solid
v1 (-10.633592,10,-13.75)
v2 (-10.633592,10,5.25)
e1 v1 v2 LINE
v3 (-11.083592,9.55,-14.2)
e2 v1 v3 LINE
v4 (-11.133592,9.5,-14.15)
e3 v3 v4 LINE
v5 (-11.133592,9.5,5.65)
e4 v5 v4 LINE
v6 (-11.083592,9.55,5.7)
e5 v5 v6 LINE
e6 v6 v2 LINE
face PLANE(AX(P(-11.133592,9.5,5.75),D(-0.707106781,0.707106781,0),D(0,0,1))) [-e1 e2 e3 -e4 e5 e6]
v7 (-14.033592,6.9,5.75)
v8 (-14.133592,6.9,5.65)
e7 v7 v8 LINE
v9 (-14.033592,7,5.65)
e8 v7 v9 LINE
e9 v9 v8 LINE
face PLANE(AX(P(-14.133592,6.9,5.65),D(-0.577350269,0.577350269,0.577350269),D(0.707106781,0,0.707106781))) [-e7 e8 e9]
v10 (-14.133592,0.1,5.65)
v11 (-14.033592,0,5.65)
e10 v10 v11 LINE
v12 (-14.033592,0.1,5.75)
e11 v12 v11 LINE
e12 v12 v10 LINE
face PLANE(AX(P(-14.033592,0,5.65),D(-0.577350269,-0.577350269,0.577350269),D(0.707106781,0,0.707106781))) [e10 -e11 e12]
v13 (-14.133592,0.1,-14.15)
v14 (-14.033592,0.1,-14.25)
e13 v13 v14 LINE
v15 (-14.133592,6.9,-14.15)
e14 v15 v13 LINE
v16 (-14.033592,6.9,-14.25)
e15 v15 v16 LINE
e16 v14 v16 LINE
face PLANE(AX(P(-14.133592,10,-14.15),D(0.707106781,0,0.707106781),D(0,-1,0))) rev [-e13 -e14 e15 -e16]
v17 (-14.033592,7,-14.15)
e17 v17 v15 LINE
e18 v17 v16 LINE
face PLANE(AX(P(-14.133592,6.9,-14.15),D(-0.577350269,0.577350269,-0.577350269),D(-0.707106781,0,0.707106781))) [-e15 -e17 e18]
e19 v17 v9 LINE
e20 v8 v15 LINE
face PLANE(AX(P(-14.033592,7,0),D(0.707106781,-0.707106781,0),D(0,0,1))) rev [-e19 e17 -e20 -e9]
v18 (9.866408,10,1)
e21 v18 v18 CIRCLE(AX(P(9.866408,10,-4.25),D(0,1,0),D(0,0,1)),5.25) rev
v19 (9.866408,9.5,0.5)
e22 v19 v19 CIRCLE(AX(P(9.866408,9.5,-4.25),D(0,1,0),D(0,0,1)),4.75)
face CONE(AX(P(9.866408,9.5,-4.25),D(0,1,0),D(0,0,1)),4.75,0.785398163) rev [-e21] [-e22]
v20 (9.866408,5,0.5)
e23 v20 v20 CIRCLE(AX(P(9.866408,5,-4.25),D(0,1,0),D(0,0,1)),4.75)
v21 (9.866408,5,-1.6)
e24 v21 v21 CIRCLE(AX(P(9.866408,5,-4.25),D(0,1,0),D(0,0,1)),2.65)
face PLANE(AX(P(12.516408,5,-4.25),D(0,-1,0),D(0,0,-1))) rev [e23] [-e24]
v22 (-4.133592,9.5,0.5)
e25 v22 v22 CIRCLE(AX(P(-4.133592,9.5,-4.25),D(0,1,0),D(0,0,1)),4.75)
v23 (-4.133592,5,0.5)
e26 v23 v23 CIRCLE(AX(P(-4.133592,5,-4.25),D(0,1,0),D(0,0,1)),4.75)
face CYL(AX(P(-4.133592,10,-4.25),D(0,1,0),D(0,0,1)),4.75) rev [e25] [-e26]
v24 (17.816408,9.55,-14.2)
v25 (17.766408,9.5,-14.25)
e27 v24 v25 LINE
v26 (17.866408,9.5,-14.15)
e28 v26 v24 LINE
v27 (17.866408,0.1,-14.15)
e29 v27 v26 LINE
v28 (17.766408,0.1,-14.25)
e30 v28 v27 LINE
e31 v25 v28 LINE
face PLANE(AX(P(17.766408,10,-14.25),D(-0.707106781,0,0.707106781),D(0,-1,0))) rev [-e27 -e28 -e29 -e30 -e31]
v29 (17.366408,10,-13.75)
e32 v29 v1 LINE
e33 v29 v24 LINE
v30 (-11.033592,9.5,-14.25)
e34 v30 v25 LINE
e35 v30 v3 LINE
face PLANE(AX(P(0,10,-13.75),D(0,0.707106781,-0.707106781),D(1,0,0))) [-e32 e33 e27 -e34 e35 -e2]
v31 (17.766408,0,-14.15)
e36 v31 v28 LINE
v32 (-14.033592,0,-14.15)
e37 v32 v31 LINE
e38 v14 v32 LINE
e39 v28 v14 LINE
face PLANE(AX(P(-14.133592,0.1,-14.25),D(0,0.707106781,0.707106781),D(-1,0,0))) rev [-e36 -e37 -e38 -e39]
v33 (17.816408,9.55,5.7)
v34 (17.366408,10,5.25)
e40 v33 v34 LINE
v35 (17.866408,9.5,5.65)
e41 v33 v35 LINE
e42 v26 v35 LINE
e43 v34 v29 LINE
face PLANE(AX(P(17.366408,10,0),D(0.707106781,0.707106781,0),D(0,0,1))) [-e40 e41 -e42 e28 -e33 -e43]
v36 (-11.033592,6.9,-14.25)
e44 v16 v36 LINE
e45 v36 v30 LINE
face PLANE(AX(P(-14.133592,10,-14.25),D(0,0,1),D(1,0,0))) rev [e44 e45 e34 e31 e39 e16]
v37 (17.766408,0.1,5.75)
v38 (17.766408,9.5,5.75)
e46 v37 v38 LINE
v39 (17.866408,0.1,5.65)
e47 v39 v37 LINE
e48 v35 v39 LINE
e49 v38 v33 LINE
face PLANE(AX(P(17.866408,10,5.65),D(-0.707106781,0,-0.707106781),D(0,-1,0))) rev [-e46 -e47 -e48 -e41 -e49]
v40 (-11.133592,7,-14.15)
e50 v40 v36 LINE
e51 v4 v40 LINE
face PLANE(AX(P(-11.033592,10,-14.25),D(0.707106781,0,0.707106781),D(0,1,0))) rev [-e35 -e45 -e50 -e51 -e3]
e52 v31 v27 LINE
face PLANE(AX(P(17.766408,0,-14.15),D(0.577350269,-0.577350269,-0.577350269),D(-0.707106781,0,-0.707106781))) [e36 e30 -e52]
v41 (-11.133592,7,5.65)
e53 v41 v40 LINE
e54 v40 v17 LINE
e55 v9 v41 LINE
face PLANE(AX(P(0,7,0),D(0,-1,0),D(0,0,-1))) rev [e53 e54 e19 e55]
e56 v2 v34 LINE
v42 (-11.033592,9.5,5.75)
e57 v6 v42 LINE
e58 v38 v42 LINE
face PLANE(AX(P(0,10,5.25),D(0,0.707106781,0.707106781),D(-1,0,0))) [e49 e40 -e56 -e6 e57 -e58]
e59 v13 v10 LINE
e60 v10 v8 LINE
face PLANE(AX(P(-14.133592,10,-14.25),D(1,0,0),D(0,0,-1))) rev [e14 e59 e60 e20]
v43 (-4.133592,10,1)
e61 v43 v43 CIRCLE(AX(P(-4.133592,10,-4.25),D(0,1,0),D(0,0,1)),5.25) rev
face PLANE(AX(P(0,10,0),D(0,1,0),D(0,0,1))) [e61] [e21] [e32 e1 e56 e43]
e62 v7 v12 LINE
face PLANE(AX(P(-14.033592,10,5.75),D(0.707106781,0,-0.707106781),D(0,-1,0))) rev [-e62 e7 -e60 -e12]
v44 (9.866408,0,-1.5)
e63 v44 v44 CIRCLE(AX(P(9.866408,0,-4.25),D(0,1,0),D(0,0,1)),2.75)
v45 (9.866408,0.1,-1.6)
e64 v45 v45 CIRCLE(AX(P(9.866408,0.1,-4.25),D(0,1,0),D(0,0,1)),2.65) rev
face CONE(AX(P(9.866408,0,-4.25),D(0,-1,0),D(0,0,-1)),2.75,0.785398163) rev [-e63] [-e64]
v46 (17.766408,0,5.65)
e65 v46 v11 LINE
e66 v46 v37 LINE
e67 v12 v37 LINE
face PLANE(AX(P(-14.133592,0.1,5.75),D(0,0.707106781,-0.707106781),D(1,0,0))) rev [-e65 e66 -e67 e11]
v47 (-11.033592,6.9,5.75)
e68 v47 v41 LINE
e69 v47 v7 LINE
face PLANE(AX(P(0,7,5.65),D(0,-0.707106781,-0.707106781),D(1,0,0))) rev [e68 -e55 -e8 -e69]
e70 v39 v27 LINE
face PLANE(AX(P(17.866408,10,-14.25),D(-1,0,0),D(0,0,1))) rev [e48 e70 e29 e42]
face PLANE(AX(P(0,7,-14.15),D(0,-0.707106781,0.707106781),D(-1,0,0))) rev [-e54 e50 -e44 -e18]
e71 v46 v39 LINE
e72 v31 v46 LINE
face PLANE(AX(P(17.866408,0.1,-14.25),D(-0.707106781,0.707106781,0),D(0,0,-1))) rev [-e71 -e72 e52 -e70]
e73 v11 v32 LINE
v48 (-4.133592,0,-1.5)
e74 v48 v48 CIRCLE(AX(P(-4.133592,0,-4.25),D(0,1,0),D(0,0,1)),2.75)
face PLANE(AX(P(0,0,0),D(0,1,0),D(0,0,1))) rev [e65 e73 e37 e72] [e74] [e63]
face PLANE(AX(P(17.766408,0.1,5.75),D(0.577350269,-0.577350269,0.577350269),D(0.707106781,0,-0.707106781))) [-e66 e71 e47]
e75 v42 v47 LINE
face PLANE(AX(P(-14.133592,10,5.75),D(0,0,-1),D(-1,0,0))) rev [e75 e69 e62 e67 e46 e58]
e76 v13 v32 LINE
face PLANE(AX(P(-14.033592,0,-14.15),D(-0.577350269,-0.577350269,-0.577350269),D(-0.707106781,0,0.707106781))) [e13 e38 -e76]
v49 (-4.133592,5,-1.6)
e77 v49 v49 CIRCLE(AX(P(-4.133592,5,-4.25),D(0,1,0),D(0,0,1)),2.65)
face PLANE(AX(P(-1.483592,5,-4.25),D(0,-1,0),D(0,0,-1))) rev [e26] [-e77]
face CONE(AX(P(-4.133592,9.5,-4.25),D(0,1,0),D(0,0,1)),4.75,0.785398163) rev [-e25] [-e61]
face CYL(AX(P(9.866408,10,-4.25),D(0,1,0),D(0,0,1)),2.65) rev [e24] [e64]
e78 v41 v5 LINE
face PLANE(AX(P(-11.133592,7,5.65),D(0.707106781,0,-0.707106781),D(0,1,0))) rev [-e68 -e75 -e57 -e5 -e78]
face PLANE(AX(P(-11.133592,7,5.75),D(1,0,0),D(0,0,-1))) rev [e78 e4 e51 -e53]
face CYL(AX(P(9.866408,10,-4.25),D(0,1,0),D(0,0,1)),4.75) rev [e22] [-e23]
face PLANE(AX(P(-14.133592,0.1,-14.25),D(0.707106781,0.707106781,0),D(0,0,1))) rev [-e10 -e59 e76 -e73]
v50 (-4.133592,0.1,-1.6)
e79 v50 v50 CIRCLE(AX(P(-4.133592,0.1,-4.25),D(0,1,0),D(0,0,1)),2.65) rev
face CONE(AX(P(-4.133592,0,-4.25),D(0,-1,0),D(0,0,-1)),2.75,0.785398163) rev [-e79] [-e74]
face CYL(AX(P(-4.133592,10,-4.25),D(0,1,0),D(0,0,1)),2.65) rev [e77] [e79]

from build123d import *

# Parameters (mm, degrees)
SKETCH1_W                      = 32
SKETCH1_H                      = 20
SKETCH1_R                      = 1.5
BOSS_EXTRUDE1_DEPTH            = 10
CBORE_FOR_M5_SHCS1_D           = 5.3
CBORE_FOR_M5_SHCS1_CBORE_D     = 9.5
CBORE_FOR_M5_SHCS1_CBORE_DEPTH = 5
SKETCH7_W                      = 3
SKETCH7_H                      = 20
CUT_EXTRUDE1_DEPTH             = 3
CHAMFER1_SIZE                  = 0.5
CHAMFER2_SIZE                  = 0.1


with BuildPart() as part:
    # Sketch1 → Boss-Extrude1 (new body)
    with BuildSketch(Plane(origin=(0, 0, 0), x_dir=(1, 0, 0), z_dir=(0, 1, 0))):
        with Locations((1.866408356, 4.25)):
            Rectangle(SKETCH1_W, SKETCH1_H)
        with Locations(Location((-4.133591644, 4.25, 0), (0, 0, 270))):
            Circle(SKETCH1_R, mode=Mode.SUBTRACT)
        with Locations(Location((9.866408356, 4.25, 0), (0, 0, 270))):
            Circle(SKETCH1_R, mode=Mode.SUBTRACT)
    extrude(amount=BOSS_EXTRUDE1_DEPTH)

    # CBORE for M5 SHCS1 (through all)
    with Locations(Plane(origin=(0, 10, 0), x_dir=(1, 0, 0), z_dir=(0, 1, 0))):
        with Locations((-4.133591644, 4.25), (9.866408356, 4.25)):
            CounterBoreHole(CBORE_FOR_M5_SHCS1_D / 2, CBORE_FOR_M5_SHCS1_CBORE_D / 2, CBORE_FOR_M5_SHCS1_CBORE_DEPTH)

    # Sketch7 → Cut-Extrude1 (cut)
    with BuildSketch(Plane(origin=(0, 10, 0), x_dir=(1, 0, 0), z_dir=(0, 1, 0))):
        with Locations((-12.633591644, 4.25)):
            Rectangle(SKETCH7_W, SKETCH7_H)
    extrude(amount=-CUT_EXTRUDE1_DEPTH, mode=Mode.SUBTRACT)

    # Chamfer1
    chamfer1_edges = [part.edges().sort_by_distance(p)[0] for p in [
        (17.866408356, 10, -4.25),
        (3.366408356, 10, -14.25),
        (5.116408356, 10, -4.25),
        (-8.883591644, 10, -4.25),
        (3.366408356, 10, 5.75),
        (-11.133591644, 10, -4.25),
    ]]
    chamfer(chamfer1_edges, length=CHAMFER1_SIZE)

    # Chamfer2
    chamfer2_edges = [part.edges().sort_by_distance(p)[0] for p in [
        (12.516408356, 0, -4.25),
        (-1.483591644, 0, -4.25),
        (-14.133591644, 3.5, -14.25),
        (-14.133591644, 3.5, 5.75),
        (-14.133591644, 7, -4.25),
        (-12.633591644, 7, -14.25),
        (-11.133591644, 8.25, -14.25),
        (-12.633591644, 7, 5.75),
        (-11.133591644, 8.25, 5.75),
        (1.866408356, 0, -14.25),
        (17.866408356, 0, -4.25),
        (1.866408356, 0, 5.75),
        (-14.133591644, 0, -4.25),
        (17.866408356, 4.75, 5.75),
        (17.866408356, 4.75, -14.25),
    ]]
    chamfer(chamfer2_edges, length=CHAMFER2_SIZE)


solid = part.part
